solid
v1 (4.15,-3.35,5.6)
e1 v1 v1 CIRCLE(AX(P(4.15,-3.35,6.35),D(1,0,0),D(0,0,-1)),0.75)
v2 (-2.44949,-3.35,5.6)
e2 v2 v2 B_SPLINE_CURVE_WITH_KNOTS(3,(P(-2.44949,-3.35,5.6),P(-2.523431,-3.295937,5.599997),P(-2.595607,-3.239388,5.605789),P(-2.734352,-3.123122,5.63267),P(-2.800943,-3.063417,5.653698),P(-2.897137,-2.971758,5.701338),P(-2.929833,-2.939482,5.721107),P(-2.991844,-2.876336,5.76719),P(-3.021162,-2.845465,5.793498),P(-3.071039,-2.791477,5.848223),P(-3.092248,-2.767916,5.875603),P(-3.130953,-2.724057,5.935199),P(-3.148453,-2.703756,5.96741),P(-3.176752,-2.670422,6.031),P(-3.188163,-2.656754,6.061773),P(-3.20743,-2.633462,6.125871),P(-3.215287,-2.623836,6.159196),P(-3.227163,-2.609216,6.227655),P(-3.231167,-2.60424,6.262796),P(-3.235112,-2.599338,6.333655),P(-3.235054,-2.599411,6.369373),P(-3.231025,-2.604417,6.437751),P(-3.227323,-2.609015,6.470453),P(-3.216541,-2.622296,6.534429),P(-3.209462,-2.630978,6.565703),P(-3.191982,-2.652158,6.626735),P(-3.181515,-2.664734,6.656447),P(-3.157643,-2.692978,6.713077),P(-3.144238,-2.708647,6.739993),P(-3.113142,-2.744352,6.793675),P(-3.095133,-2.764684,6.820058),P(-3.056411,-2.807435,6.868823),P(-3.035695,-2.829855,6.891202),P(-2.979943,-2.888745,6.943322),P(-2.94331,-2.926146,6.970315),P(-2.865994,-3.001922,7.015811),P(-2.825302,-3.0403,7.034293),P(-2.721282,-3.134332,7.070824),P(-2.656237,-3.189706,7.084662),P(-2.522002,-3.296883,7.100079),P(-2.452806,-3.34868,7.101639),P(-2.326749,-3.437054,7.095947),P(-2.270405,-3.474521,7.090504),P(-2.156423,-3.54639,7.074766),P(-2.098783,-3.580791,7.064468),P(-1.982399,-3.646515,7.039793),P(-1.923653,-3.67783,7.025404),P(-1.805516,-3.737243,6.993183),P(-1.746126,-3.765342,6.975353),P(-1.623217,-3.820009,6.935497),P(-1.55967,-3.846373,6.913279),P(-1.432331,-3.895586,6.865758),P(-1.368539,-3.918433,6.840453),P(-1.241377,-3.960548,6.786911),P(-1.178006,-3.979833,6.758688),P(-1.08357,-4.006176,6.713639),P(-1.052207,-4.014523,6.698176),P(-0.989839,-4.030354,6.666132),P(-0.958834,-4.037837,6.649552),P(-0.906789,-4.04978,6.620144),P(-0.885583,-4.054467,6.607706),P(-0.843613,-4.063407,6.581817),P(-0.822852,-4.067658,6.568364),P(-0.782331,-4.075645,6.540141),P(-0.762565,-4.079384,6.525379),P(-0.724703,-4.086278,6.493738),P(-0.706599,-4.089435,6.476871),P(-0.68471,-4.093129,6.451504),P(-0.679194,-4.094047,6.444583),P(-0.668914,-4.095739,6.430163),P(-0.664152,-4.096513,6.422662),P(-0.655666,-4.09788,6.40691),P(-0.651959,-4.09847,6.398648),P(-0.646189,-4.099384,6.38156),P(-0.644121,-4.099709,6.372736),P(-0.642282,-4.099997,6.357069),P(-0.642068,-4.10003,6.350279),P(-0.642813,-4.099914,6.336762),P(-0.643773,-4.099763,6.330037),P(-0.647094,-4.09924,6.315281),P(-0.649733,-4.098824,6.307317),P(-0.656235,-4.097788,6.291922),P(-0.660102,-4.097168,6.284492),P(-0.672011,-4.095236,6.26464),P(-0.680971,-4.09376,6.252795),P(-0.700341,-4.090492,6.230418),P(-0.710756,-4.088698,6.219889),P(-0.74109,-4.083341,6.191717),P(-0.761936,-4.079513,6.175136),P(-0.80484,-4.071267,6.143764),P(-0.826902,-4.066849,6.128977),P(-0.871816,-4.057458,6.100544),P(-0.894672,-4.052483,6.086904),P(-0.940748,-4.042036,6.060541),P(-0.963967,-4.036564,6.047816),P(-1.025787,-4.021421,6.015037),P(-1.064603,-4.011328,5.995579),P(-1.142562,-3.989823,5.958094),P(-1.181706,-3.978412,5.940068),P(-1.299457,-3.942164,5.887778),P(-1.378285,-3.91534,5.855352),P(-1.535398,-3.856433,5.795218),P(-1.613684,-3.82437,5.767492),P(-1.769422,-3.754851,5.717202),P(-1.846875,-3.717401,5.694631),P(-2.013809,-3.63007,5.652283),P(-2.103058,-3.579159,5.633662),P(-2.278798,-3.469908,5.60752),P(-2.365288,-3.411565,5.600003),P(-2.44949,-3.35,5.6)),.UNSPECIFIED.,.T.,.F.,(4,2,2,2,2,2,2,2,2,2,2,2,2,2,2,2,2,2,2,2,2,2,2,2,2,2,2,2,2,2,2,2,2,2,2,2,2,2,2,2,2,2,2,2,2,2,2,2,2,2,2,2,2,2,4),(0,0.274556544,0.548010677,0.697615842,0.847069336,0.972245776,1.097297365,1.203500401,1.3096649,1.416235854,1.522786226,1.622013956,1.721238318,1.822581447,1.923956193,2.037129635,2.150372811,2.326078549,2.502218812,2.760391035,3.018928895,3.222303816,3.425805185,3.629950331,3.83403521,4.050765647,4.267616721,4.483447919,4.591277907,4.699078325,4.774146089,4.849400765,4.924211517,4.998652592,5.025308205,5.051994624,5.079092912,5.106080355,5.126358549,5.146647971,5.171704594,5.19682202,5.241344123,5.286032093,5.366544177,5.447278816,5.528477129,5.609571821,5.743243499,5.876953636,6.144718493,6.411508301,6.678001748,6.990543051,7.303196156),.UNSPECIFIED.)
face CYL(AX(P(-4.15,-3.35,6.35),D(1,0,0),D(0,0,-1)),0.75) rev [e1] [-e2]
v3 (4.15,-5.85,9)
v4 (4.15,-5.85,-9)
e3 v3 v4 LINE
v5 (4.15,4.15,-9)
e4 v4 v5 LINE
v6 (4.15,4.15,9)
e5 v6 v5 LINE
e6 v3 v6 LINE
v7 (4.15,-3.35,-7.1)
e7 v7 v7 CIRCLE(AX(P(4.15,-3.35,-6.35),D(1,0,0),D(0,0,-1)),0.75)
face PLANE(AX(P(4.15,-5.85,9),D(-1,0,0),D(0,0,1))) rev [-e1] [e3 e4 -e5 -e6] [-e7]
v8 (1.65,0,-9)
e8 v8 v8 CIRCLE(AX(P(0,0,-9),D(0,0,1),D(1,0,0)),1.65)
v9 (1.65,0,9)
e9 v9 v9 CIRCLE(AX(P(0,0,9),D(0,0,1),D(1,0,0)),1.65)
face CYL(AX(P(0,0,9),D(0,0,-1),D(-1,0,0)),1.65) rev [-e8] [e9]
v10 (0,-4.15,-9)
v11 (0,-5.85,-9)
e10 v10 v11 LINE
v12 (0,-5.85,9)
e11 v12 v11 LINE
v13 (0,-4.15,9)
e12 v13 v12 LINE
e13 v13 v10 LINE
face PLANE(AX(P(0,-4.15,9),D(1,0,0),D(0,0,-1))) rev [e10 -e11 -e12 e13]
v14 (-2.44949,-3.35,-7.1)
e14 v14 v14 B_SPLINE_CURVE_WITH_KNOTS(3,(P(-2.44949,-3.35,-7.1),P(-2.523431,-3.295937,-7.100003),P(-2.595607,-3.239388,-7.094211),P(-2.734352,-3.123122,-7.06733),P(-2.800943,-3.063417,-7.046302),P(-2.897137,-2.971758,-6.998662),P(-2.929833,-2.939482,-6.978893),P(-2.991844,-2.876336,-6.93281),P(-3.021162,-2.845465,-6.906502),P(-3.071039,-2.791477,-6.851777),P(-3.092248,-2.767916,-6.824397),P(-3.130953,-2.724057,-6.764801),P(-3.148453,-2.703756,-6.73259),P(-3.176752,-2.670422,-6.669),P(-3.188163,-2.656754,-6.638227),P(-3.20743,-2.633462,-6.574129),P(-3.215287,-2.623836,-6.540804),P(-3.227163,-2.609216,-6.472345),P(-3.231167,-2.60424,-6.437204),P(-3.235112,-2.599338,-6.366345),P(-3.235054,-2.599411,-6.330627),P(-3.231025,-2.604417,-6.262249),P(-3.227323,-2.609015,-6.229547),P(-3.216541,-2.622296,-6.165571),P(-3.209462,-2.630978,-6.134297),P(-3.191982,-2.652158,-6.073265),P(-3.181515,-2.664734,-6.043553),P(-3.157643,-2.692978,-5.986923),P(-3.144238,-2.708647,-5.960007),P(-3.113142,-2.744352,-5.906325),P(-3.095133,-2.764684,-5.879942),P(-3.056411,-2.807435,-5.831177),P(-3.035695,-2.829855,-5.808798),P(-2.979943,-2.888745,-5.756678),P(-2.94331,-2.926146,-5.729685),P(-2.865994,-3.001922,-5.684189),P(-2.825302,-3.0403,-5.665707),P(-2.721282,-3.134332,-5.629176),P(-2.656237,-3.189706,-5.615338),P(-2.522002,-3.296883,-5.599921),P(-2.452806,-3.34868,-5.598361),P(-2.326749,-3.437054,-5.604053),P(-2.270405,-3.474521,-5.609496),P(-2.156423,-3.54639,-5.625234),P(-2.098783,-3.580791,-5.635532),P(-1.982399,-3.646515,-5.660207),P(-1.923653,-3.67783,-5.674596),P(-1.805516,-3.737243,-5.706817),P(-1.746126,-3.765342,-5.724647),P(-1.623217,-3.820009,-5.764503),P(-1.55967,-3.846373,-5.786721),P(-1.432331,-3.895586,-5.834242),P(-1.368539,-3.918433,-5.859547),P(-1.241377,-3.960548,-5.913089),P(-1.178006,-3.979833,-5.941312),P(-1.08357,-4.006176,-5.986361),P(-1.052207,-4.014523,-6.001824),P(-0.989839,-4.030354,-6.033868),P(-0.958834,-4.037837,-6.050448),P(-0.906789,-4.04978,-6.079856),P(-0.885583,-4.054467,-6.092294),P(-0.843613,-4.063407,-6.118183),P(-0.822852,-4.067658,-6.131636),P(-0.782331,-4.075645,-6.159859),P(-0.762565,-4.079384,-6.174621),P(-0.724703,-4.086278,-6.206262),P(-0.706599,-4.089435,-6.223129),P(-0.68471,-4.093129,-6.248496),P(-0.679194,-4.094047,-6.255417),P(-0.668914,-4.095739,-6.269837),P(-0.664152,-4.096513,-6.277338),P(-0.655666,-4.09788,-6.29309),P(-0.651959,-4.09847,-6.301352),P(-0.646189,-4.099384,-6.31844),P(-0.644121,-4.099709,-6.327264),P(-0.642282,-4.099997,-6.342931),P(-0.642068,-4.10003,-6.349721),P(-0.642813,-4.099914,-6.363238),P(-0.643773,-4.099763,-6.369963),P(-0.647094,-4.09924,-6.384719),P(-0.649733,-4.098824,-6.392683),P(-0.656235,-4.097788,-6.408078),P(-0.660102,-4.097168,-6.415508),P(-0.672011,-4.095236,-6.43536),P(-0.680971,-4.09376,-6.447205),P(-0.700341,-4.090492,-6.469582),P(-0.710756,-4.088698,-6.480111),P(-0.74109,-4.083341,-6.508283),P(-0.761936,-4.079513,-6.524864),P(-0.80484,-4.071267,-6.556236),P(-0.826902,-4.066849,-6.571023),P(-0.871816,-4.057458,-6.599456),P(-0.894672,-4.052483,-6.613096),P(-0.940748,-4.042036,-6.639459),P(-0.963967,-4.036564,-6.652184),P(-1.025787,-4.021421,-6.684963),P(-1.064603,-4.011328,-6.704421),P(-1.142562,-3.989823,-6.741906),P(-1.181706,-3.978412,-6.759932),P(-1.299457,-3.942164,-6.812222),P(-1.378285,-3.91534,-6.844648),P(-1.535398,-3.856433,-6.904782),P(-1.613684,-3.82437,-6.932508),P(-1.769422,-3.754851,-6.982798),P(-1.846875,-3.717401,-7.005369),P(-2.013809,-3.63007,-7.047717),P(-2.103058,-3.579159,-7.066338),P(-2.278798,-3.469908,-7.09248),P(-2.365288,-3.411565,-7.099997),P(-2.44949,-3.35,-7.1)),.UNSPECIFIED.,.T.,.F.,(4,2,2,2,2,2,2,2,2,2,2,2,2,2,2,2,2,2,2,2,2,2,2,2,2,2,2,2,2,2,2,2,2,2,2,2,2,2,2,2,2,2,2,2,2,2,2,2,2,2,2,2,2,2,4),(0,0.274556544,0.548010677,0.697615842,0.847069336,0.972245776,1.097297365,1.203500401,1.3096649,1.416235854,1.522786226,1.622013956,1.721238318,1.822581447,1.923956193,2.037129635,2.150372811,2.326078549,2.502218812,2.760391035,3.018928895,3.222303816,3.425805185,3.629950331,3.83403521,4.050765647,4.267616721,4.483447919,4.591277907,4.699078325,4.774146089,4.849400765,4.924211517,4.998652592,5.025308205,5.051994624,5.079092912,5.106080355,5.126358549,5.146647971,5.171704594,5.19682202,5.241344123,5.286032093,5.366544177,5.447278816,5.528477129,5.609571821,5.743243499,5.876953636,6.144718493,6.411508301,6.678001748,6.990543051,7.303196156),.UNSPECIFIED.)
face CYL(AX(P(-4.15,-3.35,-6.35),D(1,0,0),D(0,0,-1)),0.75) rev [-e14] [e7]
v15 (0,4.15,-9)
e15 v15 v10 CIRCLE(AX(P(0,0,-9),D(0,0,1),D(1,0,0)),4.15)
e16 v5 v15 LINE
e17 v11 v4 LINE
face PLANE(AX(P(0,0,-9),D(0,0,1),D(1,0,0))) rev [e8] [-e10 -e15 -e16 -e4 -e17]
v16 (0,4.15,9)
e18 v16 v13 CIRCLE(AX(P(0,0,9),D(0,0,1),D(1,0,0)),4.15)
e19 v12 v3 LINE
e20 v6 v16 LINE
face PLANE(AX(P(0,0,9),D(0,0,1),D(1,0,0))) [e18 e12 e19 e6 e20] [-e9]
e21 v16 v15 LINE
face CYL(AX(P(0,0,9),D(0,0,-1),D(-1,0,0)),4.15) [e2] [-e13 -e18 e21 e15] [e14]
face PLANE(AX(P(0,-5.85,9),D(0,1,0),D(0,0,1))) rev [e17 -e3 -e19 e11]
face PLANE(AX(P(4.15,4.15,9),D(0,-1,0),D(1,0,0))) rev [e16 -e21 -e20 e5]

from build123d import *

# Parameters (mm, degrees)
ESQUISSE1_R             = 1.65
BOSS_EXTRU_1_DEPTH      = 9
ESQUISSE2_R             = 0.75
ENL_V_MAT_EXTRU_1_DEPTH = 14.568806138


with BuildPart() as part:
    # Esquisse1 → Boss.-Extru.1 (new, symmetric)
    with BuildSketch(Plane.XY):
        with BuildLine():
            Line((0, -4.15), (0, -5.85))
            Line((0, -5.85), (4.15, -5.85))
            Line((4.15, -5.85), (4.15, 4.15))
            Line((4.15, 4.15), (0, 4.15))
            ThreePointArc((0, 4.15), (-4.15, 0), (0, -4.15))
        make_face()
        Circle(ESQUISSE1_R, mode=Mode.SUBTRACT)
    extrude(amount=BOSS_EXTRU_1_DEPTH, both=True)

    # Esquisse2 → Enlèv. mat.-Extru.1 (cut, through all)
    with BuildSketch(Plane(origin=(4.15, 0, 0), x_dir=(0, 0, -1), z_dir=(1, 0, 0))):
        with Locations((-6.35, -3.35)):
            Circle(ESQUISSE2_R)
        with Locations((6.35, -3.35)):
            Circle(ESQUISSE2_R)
    extrude(amount=-ENL_V_MAT_EXTRU_1_DEPTH, mode=Mode.SUBTRACT)


solid = part.part
